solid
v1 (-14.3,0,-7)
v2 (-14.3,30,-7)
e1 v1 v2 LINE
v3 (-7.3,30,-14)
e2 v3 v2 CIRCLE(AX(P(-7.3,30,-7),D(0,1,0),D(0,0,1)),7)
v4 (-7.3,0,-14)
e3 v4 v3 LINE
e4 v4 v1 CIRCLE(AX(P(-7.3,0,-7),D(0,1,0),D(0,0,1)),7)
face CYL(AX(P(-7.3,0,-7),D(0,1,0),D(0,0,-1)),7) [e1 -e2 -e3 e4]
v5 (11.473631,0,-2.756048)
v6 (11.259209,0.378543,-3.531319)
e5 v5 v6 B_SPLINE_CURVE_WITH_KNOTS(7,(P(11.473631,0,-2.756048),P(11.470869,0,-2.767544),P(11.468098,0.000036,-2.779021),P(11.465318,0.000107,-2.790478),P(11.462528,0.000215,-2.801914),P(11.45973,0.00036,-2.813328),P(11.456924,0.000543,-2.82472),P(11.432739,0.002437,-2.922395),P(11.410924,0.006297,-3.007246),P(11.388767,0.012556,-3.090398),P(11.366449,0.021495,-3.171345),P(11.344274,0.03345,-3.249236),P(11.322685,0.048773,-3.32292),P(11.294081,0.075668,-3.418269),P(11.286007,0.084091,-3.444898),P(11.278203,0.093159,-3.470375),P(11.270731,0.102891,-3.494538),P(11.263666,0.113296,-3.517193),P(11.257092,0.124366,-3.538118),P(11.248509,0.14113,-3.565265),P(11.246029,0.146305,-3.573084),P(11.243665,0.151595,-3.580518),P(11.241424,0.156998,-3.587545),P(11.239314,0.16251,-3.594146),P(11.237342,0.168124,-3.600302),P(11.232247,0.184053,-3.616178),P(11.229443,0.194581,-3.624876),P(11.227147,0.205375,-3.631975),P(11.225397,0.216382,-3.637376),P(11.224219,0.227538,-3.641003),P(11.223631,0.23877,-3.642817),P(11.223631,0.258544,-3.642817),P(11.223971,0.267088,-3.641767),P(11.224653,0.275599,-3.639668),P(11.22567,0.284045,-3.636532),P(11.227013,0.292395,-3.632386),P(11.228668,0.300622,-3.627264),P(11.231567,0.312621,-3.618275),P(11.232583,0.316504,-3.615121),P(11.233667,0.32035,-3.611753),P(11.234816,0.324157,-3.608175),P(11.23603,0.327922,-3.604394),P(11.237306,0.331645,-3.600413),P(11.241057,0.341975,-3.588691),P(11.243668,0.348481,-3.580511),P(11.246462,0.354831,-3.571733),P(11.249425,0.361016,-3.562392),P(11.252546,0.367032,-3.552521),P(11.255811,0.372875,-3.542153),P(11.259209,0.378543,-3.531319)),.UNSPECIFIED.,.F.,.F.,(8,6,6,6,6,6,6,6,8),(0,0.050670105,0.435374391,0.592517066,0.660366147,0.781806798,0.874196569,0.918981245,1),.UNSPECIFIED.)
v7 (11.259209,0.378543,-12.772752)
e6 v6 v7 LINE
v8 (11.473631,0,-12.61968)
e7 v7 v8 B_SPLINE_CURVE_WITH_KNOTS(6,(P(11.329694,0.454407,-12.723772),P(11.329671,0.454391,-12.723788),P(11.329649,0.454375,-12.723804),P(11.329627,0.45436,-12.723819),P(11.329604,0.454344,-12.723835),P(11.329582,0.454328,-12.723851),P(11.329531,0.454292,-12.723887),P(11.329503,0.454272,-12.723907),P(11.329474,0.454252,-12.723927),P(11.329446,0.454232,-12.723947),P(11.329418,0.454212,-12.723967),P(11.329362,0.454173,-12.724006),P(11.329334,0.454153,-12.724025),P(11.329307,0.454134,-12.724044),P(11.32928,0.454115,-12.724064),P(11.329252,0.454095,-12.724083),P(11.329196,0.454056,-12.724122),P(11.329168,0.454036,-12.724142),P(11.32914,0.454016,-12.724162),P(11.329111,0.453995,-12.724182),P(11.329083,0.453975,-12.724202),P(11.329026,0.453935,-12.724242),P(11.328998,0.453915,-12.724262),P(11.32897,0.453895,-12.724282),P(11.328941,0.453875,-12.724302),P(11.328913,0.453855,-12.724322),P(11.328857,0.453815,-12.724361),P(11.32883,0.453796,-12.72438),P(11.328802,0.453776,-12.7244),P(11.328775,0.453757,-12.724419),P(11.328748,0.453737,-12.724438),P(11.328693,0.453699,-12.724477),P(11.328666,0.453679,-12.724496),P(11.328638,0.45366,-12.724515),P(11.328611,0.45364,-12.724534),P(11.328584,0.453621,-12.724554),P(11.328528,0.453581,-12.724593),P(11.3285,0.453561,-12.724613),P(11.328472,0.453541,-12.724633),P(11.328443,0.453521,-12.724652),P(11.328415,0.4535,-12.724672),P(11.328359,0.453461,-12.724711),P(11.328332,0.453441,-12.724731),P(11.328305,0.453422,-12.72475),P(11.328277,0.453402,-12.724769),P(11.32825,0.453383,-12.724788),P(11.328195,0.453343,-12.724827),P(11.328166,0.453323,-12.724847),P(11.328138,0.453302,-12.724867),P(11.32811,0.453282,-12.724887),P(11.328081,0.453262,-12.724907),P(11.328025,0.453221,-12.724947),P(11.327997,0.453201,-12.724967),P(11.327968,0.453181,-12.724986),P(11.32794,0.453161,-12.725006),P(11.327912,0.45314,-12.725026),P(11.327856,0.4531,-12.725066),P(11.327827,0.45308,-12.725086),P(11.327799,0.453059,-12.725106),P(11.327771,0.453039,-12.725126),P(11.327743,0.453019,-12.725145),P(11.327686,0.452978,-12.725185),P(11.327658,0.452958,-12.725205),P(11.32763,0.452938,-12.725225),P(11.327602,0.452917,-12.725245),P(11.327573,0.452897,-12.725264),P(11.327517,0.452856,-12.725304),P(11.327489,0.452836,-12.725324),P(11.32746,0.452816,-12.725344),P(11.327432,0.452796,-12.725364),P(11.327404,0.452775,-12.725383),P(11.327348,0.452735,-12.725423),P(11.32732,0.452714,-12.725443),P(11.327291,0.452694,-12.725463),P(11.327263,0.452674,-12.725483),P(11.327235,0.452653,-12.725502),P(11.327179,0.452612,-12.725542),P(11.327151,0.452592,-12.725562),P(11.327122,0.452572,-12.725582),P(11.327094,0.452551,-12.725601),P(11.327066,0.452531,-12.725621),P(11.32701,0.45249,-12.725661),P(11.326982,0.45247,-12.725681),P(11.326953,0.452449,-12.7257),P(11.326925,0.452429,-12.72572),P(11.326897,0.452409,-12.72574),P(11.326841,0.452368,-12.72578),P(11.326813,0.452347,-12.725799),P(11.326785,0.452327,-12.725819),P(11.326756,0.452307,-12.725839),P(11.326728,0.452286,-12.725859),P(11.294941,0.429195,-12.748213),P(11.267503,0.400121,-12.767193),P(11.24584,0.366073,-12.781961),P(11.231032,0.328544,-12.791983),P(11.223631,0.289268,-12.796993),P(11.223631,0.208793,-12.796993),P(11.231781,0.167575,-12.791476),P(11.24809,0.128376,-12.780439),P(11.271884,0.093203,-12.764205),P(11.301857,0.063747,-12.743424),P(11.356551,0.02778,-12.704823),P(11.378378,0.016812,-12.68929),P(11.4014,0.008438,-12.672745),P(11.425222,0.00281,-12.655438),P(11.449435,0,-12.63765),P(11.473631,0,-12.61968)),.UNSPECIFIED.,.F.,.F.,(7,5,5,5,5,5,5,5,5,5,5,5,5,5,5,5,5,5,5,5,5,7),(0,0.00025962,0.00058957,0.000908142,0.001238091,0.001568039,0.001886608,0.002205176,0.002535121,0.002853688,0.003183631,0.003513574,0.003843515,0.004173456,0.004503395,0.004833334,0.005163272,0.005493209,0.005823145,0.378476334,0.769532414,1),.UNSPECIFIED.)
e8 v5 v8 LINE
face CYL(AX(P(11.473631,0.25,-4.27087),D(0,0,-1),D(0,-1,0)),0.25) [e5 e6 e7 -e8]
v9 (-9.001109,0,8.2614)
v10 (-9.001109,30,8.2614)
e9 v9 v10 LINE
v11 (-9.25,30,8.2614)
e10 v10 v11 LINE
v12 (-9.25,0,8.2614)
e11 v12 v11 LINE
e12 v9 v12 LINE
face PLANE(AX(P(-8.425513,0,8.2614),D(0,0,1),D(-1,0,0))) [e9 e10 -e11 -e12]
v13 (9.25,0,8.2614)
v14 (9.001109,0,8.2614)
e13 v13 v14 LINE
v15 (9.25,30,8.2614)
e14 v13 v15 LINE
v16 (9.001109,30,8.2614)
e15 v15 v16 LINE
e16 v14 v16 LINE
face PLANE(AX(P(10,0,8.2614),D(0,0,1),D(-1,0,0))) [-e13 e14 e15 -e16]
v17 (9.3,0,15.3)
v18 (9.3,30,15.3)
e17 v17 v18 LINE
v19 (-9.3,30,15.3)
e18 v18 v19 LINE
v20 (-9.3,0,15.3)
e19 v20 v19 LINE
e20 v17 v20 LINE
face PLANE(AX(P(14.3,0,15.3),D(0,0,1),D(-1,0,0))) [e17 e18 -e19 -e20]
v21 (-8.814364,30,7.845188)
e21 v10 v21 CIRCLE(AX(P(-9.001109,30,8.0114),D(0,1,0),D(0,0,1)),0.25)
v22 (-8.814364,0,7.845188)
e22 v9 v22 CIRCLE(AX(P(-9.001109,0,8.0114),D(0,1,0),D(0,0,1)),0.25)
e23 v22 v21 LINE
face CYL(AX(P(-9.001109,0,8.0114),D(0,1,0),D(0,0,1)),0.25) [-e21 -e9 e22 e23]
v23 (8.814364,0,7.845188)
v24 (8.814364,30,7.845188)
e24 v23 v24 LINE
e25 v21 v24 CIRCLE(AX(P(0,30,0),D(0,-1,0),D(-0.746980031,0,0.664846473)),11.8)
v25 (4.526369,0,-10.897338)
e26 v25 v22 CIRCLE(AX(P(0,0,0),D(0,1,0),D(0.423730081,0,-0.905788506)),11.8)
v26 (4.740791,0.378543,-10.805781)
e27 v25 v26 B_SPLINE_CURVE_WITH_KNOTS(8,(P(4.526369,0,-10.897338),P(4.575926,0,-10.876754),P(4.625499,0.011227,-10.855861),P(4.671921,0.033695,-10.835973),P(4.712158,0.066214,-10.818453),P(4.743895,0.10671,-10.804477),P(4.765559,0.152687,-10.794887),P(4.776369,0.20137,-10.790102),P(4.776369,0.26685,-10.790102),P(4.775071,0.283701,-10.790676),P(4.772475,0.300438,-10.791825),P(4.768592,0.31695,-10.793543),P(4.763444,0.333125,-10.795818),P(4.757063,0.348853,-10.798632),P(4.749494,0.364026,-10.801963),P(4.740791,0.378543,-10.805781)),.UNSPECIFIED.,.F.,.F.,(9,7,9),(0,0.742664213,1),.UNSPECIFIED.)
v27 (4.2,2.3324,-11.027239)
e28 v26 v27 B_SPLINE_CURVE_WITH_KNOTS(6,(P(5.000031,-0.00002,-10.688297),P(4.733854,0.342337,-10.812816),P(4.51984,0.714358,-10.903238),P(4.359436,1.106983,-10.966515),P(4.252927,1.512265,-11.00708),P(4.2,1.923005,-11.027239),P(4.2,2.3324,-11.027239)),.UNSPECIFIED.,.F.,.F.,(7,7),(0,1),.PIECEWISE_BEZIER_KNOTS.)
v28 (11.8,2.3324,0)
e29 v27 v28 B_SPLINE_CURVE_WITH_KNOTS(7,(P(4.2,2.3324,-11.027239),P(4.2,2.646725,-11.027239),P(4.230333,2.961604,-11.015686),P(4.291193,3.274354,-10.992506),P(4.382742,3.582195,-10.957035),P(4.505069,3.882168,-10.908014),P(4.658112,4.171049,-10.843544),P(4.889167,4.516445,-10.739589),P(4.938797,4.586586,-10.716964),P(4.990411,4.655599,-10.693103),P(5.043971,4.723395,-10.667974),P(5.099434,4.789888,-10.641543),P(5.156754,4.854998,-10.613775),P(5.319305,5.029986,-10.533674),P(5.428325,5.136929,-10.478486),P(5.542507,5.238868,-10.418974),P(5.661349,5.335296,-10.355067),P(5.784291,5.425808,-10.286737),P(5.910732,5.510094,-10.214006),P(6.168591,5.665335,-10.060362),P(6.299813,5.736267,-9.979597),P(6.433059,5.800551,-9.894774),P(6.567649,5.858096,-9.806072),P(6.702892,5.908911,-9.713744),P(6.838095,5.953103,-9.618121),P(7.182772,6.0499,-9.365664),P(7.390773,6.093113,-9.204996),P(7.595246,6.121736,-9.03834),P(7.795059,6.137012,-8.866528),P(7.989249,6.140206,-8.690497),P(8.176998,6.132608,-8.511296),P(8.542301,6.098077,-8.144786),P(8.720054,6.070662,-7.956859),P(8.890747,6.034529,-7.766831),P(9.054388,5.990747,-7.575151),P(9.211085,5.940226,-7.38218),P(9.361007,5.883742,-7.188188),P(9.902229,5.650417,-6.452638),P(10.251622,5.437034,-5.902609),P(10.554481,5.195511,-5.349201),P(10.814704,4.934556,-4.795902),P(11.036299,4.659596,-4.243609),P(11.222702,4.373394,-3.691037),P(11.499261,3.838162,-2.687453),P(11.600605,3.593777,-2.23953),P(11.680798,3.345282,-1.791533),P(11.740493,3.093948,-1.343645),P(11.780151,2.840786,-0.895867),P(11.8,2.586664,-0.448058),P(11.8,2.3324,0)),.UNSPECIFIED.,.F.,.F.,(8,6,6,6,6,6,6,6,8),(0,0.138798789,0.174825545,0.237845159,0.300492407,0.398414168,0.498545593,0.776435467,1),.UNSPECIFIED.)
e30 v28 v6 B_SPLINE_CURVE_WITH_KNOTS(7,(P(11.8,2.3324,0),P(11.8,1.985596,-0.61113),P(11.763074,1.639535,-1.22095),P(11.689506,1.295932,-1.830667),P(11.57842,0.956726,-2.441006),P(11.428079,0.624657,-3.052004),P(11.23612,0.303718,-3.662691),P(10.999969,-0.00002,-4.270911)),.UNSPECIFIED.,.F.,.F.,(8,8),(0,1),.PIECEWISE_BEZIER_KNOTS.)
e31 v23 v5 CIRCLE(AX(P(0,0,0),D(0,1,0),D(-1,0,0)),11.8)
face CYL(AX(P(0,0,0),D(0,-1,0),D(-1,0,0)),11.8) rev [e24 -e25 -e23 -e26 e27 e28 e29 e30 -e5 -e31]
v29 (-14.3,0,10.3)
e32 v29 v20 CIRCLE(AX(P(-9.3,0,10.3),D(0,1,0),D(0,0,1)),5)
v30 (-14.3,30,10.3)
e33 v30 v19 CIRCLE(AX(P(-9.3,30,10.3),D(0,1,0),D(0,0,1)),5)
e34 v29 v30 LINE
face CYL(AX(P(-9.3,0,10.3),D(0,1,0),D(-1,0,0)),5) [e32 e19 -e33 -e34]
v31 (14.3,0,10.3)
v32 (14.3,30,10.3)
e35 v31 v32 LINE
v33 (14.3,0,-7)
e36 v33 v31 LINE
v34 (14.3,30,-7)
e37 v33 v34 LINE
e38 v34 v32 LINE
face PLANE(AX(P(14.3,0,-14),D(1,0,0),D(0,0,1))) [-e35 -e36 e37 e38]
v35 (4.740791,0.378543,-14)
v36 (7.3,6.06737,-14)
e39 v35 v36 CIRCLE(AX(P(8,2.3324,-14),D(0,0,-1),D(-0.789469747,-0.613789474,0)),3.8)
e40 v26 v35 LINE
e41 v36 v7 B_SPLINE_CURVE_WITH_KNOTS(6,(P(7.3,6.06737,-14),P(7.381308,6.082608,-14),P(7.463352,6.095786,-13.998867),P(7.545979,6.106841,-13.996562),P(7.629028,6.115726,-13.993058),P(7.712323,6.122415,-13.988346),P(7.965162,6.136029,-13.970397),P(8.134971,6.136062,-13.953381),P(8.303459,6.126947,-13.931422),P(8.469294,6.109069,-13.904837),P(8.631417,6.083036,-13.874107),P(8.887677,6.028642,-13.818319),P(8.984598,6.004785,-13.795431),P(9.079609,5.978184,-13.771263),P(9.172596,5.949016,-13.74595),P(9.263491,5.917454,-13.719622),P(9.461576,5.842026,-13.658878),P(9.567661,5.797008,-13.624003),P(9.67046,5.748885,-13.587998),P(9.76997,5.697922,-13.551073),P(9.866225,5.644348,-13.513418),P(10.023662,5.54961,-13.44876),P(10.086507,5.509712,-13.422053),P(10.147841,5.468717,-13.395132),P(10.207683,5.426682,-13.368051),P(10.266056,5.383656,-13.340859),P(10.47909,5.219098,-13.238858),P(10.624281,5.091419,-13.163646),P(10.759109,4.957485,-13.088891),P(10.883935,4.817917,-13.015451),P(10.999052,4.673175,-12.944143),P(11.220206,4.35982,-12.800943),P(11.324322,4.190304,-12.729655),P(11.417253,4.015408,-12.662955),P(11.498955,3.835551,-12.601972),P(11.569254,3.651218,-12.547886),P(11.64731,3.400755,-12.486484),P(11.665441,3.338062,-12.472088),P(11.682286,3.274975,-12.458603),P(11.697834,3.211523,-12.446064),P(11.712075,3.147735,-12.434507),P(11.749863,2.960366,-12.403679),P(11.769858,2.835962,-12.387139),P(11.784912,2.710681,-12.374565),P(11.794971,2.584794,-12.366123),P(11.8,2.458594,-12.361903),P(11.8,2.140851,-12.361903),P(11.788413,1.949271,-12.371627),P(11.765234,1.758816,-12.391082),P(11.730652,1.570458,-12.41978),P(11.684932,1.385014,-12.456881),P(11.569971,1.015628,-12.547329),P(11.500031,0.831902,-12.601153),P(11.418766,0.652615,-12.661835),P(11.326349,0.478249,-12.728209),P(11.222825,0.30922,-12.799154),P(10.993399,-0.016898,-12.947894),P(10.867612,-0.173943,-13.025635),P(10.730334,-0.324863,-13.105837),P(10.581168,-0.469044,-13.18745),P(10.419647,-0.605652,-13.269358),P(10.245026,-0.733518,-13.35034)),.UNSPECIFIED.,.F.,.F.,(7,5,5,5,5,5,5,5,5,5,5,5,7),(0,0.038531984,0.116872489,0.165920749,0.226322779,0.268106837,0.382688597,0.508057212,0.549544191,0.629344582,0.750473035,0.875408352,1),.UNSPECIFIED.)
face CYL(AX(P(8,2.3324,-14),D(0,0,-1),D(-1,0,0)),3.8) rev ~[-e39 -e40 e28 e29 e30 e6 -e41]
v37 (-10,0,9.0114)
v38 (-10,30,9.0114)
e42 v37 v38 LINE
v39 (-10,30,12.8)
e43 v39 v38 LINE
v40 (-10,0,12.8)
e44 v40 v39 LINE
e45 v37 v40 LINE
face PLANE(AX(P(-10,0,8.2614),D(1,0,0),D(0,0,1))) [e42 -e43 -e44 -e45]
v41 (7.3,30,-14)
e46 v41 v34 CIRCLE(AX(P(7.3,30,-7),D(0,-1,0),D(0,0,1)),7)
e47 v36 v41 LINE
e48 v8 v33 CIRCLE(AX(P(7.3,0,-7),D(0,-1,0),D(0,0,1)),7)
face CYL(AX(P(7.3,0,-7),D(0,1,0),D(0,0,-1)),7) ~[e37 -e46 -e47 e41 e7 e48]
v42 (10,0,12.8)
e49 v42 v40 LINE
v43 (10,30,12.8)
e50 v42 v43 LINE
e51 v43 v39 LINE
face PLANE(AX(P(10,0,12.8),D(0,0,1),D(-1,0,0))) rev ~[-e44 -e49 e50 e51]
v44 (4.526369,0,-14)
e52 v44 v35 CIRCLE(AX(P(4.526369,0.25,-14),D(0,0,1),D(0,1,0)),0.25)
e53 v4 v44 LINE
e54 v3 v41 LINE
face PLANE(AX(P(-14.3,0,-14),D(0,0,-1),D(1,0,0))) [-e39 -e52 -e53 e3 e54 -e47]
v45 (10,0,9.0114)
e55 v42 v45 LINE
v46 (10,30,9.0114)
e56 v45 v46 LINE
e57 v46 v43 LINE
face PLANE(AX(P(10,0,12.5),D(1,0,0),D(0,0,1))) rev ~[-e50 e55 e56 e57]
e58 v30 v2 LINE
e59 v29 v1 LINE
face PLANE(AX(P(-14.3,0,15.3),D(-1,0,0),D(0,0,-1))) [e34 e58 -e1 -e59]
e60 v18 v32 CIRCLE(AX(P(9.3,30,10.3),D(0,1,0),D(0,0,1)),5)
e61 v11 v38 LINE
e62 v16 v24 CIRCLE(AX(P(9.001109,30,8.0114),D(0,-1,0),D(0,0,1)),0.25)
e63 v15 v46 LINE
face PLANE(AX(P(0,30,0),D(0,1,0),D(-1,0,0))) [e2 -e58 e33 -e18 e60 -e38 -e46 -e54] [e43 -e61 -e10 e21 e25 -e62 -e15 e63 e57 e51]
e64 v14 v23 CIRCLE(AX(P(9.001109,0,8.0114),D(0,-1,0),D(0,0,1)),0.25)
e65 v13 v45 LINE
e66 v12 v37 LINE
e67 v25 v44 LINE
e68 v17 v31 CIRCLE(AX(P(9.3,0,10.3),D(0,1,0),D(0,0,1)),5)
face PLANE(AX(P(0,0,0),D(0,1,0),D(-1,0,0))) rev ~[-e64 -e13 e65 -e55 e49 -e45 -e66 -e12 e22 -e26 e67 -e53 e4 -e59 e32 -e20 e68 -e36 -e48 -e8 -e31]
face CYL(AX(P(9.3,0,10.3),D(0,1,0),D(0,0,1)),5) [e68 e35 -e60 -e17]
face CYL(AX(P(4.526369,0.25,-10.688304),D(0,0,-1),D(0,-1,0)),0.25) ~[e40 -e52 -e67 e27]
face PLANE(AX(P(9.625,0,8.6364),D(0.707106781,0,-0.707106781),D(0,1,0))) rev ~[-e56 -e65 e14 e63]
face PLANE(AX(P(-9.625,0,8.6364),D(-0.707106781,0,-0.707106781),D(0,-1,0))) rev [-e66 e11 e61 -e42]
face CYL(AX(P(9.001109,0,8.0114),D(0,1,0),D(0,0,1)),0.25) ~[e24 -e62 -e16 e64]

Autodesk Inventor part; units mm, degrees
ref_plane "YZ Plane" through (0, 0, 0) normal (1, 0, 0) x (0, 1, 0)
ref_plane "XZ Plane" through (0, 0, 0) normal (0, 1, 0) x (-1, 0, 0)
ref_plane "XY Plane" through (0, 0, 0) normal (0, 0, 1) x (1, 0, 0)
sketch "Sketch1" plane through (0, 0, 0) normal (0, 1, 0) x (-1, 0, 0)
  circle A0 centre (0, 0) radius 11.5
  circle A1 centre (0, 0) radius 11.8
  line L0 (10, 12.5) -> (-10, 12.5)
  line L1 (-10, 12.5) -> (-10, 8.2614)
  line L2 (-10, 8.2614) -> (10, 8.2614)
  line L3 (10, 8.2614) -> (10, 12.5)
  line L4 (10, 12.5) -> (-10, 8.2614) construction
  line L5 (-10, 12.5) -> (10, 8.2614) construction
  line L6 (0, 10.3807) -> (0, -11.5) construction
  line L7 (10, 12.5) -> (-10, 12.5)
  line L8 (-10, 12.5) -> (-10, 12.8)
  line L9 (-10, 12.8) -> (10, 12.8)
  line L10 (10, 12.8) -> (10, 12.5)
  line L11 (-14.3, 15.3) -> (14.3, 15.3)
  line L12 (14.3, 15.3) -> (14.3, -14)
  line L13 (14.3, -14) -> (-14.3, -14)
  line L14 (-14.3, -14) -> (-14.3, 15.3)
  point P0 (8, 8.2614)
  point P1 (-8, 8.2614)
  point P2 (0, -14)
  point P3 (8.4256, 8.2614)
  point P4 (-8.4256, 8.2614)
  dimension "d0" = 23
  dimension "d1" = 0.3
  dimension "d2" = 24
  dimension "d3" = 16
  dimension "d4" = 20
  dimension "d5" = 0.3
  dimension "d6" = 2.5
  dimension "d7" = 2.5
  dimension "d8" = 2.5
  dimension "d9" = 14.3
  dimension "d10" = 14.3
extrude "Extrusion1" add sketch "Sketch1" along normal blind 30
fillet "Fillet1" radius 0.25 2 edges at (8.4256, 15, 8.2614) (-8.4256, 15, 8.2614)
chamfer "Chamfer1" distance 0.75 angle 45 2 edges at (-10, 15, 8.2614) (10, 15, 8.2614)
sketch "Sketch2" plane through (14.3, 0, -14) normal (0, 0, -1) x (-1, 0, 0)
  line L0 (2.5, 30) -> (26.1, 30) projected
  line L1 (2.5, 30) -> (26.1, 30)
  line L2 (26.1, 30) -> (26.1, 0)
  line L3 (26.1, 0) -> (2.5, 0)
  line L4 (2.5, 0) -> (2.5, 30)
  line L5 (0, 0) -> (28.6, 0) projected
  circle A0 centre (6.3, 2.3324) radius 3.5
  circle A1 centre (6.3, 2.3324) radius 3.8
  line L6 (3.3, 0) -> (9.3, 0) construction
  line L7 (2.8, 0) -> (2.8, 30)
  point P0 (14.3, 0)
  point P1 (23.1144, 30)
  point P2 (5.4856, 30)
  point P3 (2.5, 2.3324)
  point P4 (3.6904, 0)
  point P5 (9.3, 0)
  point P6 (2.5, 2.3324)
  point P7 (2.5, 0.8525)
  point P8 (8.9096, 0)
  dimension "d17" = 7
  dimension "d18" = 0.3
  dimension "d20" = 6
  dimension "d25" = 0.3
extrude "Extrusion2" cut sketch "Sketch2" against normal up to surface contours A1 L7 | A1 L3 A0 L7 | L7 A0 L3 A1 | A0 L3 | L3 A0 A1 | L3 A0
fillet "Fillet2" radius 0.25 2 edges at (5, 0, -12.3442) (11, 0, -9.1354)
sketch "Sketch4" plane through (14.3, 30, -14) normal (0, 0, -1) x (-1, 0, 0)
  arc A0 (2.8264, -30) -> (3.0408, -29.6215) centre (2.8264, -29.75) ccw projected
  arc A1 (9.5592, -29.6215) -> (3.0408, -29.6215) centre (6.3, -27.6676) ccw projected
  arc A2 (9.5592, -29.6215) -> (9.7736, -30) centre (9.7736, -29.75) ccw projected
  line L0 (9.7736, -30) -> (28.6, -30) projected
  line L1 (28.6, -30) -> (28.6, 0) projected
  line L2 (0, 0) -> (28.6, 0) projected
  line L3 (0, -30) -> (0, 0) projected
  line L4 (0, -30) -> (2.8264, -30) projected
  line L5 (3.0764, -29.0955) -> (9.5236, -29.0955)
  line L6 (9.5236, -29.0955) -> (9.5236, -29.986)
  line L7 (9.5236, -29.986) -> (3.0764, -29.986)
  line L8 (3.0764, -29.986) -> (3.0764, -29.0955)
  arc A3 (9.5592, -29.6215) -> (9.7736, -30) centre (9.7736, -29.75) ccw projected
  point P0 (14.3, -30)
  dimension "d26" = 6.4473
fillet "Fillet3" radius 7 2 edges at (14.3, 15, -14) (-14.3, 15, -14)
fillet "Fillet4" radius 5 2 edges at (-14.3, 15, 15.3) (14.3, 15, 15.3)
sketch "Sketch5" plane through (0, 30, 0) normal (0, 1, 0) x (1, 0, 0)
  arc A0 (8.8144, -7.8451) -> (-8.8144, -7.8451) centre (0, 0) ccw projected
  line L0 (10, -12.8) -> (-10, -12.8) projected
  line L1 (-10, -12.8) -> (-10, -9.0114) projected
  line L2 (-9.25, -8.2614) -> (-10, -9.0114) projected
  line L3 (-9.25, -8.2614) -> (-9.0011, -8.2614) projected
  arc A1 (-9.0011, -8.2614) -> (-8.8144, -7.8451) centre (-9.0011, -8.0114) ccw projected
  line L4 (10, -9.0114) -> (10, -12.8) projected
  arc A2 (-9.0011, -8.2614) -> (-8.8144, -7.8451) centre (-9.0011, -8.0114) ccw projected
  arc A3 (8.8144, -7.8451) -> (-8.8144, -7.8451) centre (0, 0) ccw projected
  arc A4 (8.8144, -7.8451) -> (9.0011, -8.2614) centre (9.0011, -8.0114) ccw projected
  line L5 (9.0011, -8.2614) -> (9.25, -8.2614) projected
  line L6 (10, -9.0114) -> (9.25, -8.2614) projected
  line L7 (10, -9.0114) -> (10, -12.8) projected
  line L8 (10, -12.8) -> (-10, -12.8) projected
  line L9 (-10, -12.8) -> (-10, -9.0114) projected
  line L10 (-9.25, -8.2614) -> (-10, -9.0114) projected
  line L11 (-9.25, -8.2614) -> (-9.0011, -8.2614) projected
equation "\"d10\" = d9"
properties part number "mount"
